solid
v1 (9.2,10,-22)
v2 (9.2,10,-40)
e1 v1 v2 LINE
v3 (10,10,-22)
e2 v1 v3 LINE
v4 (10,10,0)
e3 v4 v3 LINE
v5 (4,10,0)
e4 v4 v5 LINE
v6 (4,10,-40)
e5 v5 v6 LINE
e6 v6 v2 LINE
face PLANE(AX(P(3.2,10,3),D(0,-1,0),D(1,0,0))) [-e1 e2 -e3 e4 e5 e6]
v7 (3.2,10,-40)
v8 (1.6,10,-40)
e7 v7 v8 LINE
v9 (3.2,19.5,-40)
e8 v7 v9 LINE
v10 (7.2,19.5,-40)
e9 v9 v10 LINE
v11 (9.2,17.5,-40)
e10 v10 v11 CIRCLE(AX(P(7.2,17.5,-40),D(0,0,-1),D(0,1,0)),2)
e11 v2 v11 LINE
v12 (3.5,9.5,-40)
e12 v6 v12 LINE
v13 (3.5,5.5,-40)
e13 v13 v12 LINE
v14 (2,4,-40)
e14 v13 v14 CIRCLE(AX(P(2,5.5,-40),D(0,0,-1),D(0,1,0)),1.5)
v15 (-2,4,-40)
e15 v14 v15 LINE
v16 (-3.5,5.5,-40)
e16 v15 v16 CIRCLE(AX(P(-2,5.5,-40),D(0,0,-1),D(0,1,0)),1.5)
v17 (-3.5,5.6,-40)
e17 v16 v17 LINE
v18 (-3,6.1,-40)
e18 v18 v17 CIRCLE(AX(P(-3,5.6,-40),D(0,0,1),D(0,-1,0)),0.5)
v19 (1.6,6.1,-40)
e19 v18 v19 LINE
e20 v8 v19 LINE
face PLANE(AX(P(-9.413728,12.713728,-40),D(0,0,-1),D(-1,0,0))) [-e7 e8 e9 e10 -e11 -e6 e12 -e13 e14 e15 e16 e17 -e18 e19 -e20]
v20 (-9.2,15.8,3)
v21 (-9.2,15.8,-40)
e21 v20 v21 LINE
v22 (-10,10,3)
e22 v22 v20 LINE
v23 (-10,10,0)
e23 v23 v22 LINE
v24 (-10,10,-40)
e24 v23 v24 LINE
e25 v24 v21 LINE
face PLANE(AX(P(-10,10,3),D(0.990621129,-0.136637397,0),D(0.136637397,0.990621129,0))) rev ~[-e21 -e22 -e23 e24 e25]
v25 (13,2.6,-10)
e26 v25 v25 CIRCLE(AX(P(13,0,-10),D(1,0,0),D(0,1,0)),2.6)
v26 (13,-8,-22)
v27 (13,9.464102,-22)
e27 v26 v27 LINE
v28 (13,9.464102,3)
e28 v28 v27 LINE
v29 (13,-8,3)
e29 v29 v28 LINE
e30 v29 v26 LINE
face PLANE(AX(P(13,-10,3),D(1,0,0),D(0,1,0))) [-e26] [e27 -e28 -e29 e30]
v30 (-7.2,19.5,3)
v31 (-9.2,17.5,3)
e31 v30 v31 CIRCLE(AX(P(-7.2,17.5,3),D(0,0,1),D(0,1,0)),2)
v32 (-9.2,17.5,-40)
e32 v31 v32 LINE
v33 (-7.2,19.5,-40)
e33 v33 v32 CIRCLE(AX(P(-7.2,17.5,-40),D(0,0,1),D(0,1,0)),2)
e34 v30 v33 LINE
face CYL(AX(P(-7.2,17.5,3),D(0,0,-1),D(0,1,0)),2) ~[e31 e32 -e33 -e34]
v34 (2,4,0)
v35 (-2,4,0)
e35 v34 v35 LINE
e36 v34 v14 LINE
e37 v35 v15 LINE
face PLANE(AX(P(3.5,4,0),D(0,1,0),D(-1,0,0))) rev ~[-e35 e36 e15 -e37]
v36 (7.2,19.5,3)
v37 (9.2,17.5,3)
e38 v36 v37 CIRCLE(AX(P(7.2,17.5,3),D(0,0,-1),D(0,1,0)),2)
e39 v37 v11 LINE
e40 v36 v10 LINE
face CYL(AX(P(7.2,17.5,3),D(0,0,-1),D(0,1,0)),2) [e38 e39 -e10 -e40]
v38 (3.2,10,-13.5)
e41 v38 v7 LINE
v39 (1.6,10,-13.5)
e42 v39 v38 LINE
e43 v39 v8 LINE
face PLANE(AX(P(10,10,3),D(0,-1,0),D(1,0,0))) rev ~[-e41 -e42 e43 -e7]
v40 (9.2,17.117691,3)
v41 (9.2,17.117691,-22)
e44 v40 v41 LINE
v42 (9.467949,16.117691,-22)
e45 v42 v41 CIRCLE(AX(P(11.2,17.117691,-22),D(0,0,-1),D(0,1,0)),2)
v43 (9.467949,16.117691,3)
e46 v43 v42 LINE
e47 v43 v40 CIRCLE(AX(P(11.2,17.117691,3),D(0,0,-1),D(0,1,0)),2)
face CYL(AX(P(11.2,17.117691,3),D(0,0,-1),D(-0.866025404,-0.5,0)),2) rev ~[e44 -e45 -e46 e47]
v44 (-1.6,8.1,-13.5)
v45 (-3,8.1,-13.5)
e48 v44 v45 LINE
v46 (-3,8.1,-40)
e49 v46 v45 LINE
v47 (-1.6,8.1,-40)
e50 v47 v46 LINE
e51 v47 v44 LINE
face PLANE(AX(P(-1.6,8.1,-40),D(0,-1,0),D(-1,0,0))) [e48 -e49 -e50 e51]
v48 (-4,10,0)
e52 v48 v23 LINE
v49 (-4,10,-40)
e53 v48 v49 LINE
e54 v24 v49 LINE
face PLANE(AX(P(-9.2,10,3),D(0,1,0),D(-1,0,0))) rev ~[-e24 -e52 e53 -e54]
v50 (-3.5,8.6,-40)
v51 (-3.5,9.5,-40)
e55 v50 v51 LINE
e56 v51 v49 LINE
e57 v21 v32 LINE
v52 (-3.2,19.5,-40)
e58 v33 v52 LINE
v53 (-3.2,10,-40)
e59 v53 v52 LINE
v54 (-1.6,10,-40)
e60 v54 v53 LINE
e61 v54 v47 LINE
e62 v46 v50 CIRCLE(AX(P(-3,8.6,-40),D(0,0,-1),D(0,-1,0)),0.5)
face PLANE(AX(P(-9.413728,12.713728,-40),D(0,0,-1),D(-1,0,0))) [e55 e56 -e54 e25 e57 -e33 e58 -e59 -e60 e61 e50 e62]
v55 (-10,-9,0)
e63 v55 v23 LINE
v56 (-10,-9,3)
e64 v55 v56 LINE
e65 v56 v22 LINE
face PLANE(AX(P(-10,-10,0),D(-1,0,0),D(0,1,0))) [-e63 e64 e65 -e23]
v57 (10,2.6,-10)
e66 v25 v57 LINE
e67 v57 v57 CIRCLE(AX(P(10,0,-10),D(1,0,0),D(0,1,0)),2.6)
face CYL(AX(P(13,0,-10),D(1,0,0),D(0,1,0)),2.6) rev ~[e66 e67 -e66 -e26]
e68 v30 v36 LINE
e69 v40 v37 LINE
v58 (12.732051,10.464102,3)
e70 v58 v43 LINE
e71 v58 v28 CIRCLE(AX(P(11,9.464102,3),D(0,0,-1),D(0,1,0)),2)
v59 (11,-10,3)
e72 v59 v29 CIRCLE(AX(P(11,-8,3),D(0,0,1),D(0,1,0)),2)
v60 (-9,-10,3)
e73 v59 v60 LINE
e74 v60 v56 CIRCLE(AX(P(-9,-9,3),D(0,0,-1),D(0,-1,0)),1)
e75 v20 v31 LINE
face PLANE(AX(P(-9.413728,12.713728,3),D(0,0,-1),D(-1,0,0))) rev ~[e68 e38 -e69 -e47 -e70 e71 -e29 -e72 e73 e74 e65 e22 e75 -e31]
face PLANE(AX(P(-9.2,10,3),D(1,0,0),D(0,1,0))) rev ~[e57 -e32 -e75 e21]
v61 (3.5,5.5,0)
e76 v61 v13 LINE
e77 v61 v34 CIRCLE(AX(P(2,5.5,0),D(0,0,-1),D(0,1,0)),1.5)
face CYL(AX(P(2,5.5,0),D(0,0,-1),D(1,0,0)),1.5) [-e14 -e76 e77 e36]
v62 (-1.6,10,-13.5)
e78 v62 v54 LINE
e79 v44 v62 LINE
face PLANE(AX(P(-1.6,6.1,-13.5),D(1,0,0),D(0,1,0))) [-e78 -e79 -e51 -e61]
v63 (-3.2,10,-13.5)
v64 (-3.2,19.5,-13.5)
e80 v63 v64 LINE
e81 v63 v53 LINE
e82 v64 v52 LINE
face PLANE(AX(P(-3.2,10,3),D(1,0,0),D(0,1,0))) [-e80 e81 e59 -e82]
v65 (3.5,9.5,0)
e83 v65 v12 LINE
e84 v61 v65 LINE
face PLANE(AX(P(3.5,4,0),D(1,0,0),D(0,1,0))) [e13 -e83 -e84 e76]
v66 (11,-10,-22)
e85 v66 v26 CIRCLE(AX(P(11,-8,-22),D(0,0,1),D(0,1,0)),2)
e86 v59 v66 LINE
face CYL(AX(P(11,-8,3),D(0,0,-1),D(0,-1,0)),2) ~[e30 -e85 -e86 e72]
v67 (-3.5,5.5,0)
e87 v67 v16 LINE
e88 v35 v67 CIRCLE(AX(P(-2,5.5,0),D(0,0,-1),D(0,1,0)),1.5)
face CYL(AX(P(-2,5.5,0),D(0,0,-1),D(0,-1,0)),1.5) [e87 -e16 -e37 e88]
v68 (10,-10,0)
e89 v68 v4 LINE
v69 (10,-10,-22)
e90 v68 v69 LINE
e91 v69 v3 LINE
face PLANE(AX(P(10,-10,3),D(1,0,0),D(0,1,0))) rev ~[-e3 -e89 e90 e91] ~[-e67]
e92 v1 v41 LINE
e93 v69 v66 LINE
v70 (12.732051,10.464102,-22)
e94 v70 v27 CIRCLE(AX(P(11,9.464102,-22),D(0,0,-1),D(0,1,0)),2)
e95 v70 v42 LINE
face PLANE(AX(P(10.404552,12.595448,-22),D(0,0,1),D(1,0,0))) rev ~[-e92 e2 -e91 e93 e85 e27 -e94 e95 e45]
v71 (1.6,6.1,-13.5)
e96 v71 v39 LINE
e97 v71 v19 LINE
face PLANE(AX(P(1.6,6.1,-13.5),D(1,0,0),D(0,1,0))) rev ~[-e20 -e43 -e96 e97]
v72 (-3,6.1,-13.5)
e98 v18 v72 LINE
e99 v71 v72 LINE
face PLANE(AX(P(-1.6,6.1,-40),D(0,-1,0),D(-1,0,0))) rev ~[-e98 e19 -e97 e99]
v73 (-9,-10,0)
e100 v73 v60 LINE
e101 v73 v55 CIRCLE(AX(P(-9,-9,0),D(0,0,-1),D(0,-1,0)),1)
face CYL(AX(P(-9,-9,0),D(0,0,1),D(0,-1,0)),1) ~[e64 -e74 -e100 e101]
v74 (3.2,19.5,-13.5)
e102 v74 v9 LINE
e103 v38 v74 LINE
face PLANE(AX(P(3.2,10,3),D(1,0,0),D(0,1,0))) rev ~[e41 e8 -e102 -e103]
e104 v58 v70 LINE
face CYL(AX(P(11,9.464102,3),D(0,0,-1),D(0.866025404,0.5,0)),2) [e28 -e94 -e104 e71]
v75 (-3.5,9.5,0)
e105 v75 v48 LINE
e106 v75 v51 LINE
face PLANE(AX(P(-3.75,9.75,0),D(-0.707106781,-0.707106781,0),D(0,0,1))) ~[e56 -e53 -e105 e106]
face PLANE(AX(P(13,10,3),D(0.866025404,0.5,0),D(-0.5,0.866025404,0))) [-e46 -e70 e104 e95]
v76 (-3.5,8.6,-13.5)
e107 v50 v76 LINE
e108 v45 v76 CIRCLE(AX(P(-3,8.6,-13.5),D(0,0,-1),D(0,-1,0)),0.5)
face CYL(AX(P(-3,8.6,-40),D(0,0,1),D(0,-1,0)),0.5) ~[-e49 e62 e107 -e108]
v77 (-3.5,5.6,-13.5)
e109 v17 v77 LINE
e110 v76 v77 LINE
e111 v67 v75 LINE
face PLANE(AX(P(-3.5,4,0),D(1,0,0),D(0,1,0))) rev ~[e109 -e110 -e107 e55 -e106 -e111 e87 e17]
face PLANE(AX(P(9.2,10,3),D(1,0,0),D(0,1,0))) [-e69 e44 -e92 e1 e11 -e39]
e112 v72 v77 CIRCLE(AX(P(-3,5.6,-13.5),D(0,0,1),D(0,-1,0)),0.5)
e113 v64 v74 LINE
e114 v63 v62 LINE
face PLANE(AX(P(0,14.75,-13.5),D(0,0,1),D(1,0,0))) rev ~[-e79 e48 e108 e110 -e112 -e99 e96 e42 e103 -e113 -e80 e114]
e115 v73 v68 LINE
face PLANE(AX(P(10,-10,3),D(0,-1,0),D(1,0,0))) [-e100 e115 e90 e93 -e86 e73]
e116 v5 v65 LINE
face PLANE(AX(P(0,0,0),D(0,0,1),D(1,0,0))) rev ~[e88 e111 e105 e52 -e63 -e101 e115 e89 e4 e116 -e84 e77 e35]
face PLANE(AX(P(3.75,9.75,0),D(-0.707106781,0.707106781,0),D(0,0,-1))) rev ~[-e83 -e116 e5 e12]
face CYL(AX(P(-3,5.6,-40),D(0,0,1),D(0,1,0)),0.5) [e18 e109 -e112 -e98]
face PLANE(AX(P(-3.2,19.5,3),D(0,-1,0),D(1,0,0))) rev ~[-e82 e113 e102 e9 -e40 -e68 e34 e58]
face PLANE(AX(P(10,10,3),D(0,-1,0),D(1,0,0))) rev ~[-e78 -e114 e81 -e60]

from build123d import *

# Parameters (mm, degrees)
SKETCH_1_W          = 20
SKETCH_1_H          = 20
EXTRUDE_1_DEPTH     = 3
SKETCH_2_W          = 7
SKETCH_2_H          = 6
EXTRUDE_2_DEPTH     = 40
SKETCH_3_W          = 3
SKETCH_3_H          = 20
EXTRUDE_3_DEPTH     = 25
CUT_EXTRUDE_1_REACH = 49.212
SKETCH_4_R          = 2.6
FILLET_1_R          = 1
SKETCH_5_W          = 3.2
SKETCH_5_H          = 3.9
CUT_EXTRUDE_2_DEPTH = 30
SKETCH_6_W          = 6
SKETCH_6_H          = 9.5
EXTRUDE_4_DEPTH     = 43
CHAMFER_1_SIZE      = 0.5
SKETCH_7_W          = 6.4
SKETCH_7_H          = 9.5
EXTRUDE_5_DEPTH     = 16.5
EXTRUDE_6_DEPTH     = 25
FILLET_2_R          = 2
EXTRUDE_7_DEPTH     = 43
SKETCH_10_W         = 1.9
SKETCH_10_H         = 2
CUT_EXTRUDE_3_DEPTH = 26.5
FILLET_3_R          = 0.5
FILLET_4_R          = 1.5


with BuildPart() as part:
    # ｽｹｯﾁ1 → ﾎﾞｽ - 押し出し1 (new body)
    with BuildSketch(Plane.XY):
        Rectangle(SKETCH_1_W, SKETCH_1_H)
    extrude(amount=EXTRUDE_1_DEPTH)

    # ｽｹｯﾁ2 → ﾎﾞｽ - 押し出し2 (add)
    with BuildSketch(Plane(origin=(0, 0, 0), x_dir=(-1, 0, 0), z_dir=(0, 0, -1))):
        with Locations((0, 7)):
            Rectangle(SKETCH_2_W, SKETCH_2_H)
    extrude(amount=EXTRUDE_2_DEPTH)

    # ｽｹｯﾁ3 → ﾎﾞｽ - 押し出し3 (add)
    with BuildSketch(Plane.XY.offset(3)):
        with Locations((11.5, 0)):
            Rectangle(SKETCH_3_W, SKETCH_3_H)
    extrude(amount=-EXTRUDE_3_DEPTH)

    # ｽｹｯﾁ4 → ｶｯﾄ - 押し出し1 (cut, up to next)
    with BuildSketch(Plane(origin=(13, 0, 0), x_dir=(0, 0, -1), z_dir=(1, 0, 0)), mode=Mode.PRIVATE) as cut_extrude_1_sk1:
        with Locations(Location((10, 0, 0), (0, 0, 90))):
            Circle(SKETCH_4_R)
    cut_extrude_1_tool1 = extrude(cut_extrude_1_sk1.sketch, amount=-CUT_EXTRUDE_1_REACH, mode=Mode.PRIVATE) & part.part
    add(cut_extrude_1_tool1.solids().sort_by_distance((13, 0, -10))[0], mode=Mode.SUBTRACT)

    # ﾌｨﾚｯﾄ1
    fillet_1_edges = [part.edges().sort_by_distance(p)[0] for p in [
        (-10, -10, 1.5),
    ]]
    fillet(fillet_1_edges, radius=FILLET_1_R)

    # ｽｹｯﾁ5 → ｶｯﾄ - 押し出し2 (cut)
    with BuildSketch(Plane(origin=(0, 0, -13.5), x_dir=(-1, 0, 0), z_dir=(0, 0, -1))):
        with Locations((0, 8.05)):
            Rectangle(SKETCH_5_W, SKETCH_5_H)
    extrude(amount=CUT_EXTRUDE_2_DEPTH, mode=Mode.SUBTRACT)

    # ｽｹｯﾁ6 → ﾎﾞｽ - 押し出し4 (add)
    with BuildSketch(Plane.XY.offset(3)):
        with Locations((6.2, 14.75)):
            Rectangle(SKETCH_6_W, SKETCH_6_H)
        with Locations((-6.2, 14.75)):
            Rectangle(SKETCH_6_W, SKETCH_6_H)
    extrude(amount=-EXTRUDE_4_DEPTH)

    # 面取り1
    chamfer_1_edges = [part.edges().sort_by_distance(p)[0] for p in [
        (-3.5, 10, -20),
        (3.5, 10, -20),
    ]]
    chamfer(chamfer_1_edges, length=CHAMFER_1_SIZE)

    # ｽｹｯﾁ7 → ﾎﾞｽ - 押し出し5 (add)
    with BuildSketch(Plane.XY.offset(3)):
        with Locations((0, 14.75)):
            Rectangle(SKETCH_7_W, SKETCH_7_H)
    extrude(amount=-EXTRUDE_5_DEPTH)

    # ｽｹｯﾁ8 → ﾎﾞｽ - 押し出し6 (add)
    with BuildSketch(Plane.XY.offset(3)):
        Polygon((13, 10), (9.2, 16.581793069), (9.2, 10), align=None)
    extrude(amount=-EXTRUDE_6_DEPTH)

    # ﾌｨﾚｯﾄ2
    fillet_2_edges = [part.edges().sort_by_distance(p)[0] for p in [
        (9.2, 16.581793069, -9.5),
        (13, 10, -9.5),
        (13, -10, -9.5),
        (9.2, 19.5, -18.5),
        (-9.2, 19.5, -18.5),
    ]]
    fillet(fillet_2_edges, radius=FILLET_2_R)

    # ｽｹｯﾁ9 → ﾎﾞｽ - 押し出し7 (add)
    with BuildSketch(Plane.XY.offset(3)):
        Polygon((-10, 10), (-9.2, 15.8), (-9.2, 10), align=None)
    extrude(amount=-EXTRUDE_7_DEPTH)

    # ｽｹｯﾁ10 → ｶｯﾄ - 押し出し3 (cut)
    with BuildSketch(Plane(origin=(0, 0, -40), x_dir=(-1, 0, 0), z_dir=(0, 0, -1))):
        with Locations((2.55, 7.1)):
            Rectangle(SKETCH_10_W, SKETCH_10_H)
    extrude(amount=-CUT_EXTRUDE_3_DEPTH, mode=Mode.SUBTRACT)

    # ﾌｨﾚｯﾄ3
    fillet_3_edges = [part.edges().sort_by_distance(p)[0] for p in [
        (-3.5, 6.1, -26.75),
        (-3.5, 8.1, -26.75),
    ]]
    fillet(fillet_3_edges, radius=FILLET_3_R)

    # ﾌｨﾚｯﾄ4
    fillet_4_edges = [part.edges().sort_by_distance(p)[0] for p in [
        (-3.5, 4, -20),
        (3.5, 4, -20),
    ]]
    fillet(fillet_4_edges, radius=FILLET_4_R)


solid = part.part
